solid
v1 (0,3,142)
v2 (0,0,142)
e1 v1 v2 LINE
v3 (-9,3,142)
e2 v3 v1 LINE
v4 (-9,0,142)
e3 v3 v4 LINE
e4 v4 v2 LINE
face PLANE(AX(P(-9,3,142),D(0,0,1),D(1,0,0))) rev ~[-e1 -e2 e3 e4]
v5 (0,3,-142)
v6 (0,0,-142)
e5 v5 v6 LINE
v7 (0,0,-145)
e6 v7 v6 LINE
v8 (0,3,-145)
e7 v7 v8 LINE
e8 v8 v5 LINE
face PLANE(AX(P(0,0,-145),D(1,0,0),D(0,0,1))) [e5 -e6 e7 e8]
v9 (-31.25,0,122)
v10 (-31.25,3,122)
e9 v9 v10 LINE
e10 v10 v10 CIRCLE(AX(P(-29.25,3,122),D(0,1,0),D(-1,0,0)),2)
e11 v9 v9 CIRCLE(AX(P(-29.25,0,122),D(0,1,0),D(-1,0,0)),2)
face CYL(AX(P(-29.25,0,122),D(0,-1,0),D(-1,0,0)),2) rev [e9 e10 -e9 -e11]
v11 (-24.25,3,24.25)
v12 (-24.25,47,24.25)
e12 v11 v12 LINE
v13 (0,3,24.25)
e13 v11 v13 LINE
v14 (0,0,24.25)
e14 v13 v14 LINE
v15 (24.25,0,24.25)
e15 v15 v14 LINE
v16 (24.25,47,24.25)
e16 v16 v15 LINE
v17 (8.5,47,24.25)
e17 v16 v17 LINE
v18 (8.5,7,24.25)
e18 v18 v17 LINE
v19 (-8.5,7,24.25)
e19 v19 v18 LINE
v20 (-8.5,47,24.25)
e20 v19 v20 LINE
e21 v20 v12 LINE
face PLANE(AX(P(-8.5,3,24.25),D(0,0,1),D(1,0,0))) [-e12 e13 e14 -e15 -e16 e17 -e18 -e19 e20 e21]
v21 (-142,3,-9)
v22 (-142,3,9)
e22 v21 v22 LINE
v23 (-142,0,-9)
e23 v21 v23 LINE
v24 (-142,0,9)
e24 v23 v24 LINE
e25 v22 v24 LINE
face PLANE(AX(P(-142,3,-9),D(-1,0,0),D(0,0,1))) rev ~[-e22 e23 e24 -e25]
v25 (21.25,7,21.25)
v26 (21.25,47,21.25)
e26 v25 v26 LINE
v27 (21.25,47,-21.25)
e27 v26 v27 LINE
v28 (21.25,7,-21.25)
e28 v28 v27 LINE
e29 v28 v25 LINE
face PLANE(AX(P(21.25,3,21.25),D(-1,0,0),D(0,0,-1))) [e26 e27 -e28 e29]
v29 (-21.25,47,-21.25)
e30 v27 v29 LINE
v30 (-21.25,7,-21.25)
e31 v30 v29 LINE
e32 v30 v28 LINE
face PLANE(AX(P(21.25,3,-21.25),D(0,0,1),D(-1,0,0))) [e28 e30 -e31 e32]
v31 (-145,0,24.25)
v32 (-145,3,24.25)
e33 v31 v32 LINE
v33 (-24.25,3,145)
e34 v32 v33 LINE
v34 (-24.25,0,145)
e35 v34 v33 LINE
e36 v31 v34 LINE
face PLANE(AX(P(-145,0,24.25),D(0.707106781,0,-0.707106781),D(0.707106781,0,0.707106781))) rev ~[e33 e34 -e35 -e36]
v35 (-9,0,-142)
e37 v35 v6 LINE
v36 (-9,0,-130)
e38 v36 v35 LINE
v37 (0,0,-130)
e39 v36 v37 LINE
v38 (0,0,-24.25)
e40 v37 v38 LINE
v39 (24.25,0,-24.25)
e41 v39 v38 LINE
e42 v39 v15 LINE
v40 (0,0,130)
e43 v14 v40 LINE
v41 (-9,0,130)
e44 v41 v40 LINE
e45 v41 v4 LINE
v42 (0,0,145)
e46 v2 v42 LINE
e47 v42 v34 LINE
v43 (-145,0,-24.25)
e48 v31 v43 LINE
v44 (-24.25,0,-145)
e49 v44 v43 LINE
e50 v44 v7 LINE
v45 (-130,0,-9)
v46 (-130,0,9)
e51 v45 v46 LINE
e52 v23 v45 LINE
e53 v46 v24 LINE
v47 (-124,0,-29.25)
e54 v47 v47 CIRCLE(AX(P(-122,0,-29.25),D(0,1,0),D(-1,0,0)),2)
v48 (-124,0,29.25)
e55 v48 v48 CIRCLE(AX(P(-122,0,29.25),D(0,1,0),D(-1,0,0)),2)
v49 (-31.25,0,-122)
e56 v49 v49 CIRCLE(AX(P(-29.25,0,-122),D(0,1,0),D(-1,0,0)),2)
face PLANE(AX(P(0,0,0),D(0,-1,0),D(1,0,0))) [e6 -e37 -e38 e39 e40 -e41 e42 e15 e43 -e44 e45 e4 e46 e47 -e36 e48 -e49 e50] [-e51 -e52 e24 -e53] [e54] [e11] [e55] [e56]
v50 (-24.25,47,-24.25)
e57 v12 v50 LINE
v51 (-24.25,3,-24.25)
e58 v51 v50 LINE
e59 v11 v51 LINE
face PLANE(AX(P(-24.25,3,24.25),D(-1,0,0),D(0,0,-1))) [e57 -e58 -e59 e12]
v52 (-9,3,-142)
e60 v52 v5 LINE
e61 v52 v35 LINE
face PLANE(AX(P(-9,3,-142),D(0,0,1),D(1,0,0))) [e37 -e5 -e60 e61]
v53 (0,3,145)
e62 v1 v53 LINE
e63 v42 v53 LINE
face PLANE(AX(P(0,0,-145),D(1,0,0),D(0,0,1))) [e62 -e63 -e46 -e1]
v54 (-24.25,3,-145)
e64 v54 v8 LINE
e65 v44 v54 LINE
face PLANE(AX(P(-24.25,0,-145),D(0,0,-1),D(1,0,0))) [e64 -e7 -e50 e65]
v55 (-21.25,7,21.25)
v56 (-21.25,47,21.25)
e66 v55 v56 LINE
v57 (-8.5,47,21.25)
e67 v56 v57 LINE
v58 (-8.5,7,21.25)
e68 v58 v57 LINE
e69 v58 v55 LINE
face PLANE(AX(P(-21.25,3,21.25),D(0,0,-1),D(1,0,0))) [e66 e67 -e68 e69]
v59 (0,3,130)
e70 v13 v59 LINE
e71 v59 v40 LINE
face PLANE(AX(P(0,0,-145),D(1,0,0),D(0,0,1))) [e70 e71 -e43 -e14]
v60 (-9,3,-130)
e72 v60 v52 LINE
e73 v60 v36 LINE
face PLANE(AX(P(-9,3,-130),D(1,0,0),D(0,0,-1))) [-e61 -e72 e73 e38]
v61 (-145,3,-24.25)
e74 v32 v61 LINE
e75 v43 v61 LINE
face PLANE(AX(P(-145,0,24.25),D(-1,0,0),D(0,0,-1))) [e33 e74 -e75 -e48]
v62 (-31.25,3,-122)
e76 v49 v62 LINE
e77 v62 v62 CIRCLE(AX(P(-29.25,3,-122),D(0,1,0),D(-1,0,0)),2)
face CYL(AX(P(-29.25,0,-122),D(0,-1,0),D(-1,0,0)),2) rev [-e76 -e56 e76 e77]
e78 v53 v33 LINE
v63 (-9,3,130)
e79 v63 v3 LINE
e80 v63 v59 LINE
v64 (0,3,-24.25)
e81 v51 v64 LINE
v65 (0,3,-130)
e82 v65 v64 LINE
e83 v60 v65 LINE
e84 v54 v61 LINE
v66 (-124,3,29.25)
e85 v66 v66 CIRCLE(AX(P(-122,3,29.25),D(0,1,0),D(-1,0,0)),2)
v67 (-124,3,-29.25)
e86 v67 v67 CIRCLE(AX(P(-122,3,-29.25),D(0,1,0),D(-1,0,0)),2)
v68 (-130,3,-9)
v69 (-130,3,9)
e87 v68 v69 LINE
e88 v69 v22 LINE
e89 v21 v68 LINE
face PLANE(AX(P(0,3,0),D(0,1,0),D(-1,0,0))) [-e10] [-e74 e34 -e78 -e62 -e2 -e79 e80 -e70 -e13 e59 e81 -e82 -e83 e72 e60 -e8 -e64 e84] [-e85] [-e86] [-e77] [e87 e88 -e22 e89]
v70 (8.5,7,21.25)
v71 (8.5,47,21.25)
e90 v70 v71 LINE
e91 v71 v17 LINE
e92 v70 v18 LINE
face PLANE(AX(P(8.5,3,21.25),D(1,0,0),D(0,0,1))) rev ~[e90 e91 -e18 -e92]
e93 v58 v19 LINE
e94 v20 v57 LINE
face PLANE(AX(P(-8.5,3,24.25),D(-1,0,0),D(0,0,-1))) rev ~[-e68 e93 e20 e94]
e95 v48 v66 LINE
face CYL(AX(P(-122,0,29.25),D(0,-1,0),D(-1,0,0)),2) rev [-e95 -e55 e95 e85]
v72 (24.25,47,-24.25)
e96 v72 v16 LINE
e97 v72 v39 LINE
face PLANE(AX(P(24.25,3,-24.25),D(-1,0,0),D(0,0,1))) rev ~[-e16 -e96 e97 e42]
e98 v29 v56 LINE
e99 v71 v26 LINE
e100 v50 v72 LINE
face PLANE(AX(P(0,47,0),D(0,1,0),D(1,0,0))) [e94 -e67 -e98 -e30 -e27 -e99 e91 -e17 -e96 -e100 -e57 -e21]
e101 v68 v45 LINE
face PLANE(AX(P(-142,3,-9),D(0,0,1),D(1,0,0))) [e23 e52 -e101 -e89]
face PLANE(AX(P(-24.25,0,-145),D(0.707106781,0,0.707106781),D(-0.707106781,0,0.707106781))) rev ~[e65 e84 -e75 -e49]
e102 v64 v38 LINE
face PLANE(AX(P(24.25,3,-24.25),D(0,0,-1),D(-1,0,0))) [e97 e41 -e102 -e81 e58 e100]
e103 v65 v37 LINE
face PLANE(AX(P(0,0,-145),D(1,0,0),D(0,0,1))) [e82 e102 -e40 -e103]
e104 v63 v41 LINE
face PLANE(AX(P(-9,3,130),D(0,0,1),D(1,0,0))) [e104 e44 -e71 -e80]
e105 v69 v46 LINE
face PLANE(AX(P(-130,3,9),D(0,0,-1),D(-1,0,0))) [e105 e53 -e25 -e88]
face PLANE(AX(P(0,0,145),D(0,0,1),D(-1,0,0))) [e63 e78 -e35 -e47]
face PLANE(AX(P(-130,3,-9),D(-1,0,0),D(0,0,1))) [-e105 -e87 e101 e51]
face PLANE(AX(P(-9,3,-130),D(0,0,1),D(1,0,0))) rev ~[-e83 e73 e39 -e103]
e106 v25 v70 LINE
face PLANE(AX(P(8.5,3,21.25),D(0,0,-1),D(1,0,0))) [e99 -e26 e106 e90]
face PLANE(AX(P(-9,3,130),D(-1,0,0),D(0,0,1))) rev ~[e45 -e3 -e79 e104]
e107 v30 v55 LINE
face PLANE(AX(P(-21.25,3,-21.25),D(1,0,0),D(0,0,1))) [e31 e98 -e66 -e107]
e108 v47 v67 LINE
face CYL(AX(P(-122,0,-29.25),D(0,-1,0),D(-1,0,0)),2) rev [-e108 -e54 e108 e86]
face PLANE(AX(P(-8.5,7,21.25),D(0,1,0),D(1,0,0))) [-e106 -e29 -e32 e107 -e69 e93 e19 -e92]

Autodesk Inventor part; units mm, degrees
ref_plane "YZ Plane" through (0, 0, 0) normal (1, 0, 0) x (0, 1, 0)
ref_plane "XZ Plane" through (0, 0, 0) normal (0, 1, 0) x (-1, 0, 0)
ref_plane "XY Plane" through (0, 0, 0) normal (0, 0, 1) x (1, 0, 0)
sketch "Boceto1" plane through (0, 0, 0) normal (0, 1, 0) x (-1, 0, 0)
  line L0 (0, 145) -> (24.25, 145)
  line L1 (145, 24.25) -> (145, -24.25)
  line L2 (145, 24.25) -> (24.25, 145)
  line L3 (24.25, -145) -> (145, -24.25)
  line L4 (24.25, -145) -> (0, -145)
  circle A0 centre (29.25, -122) radius 2
  circle A1 centre (122, -29.25) radius 2
  circle A2 centre (122, 29.25) radius 2
  circle A3 centre (29.25, 122) radius 2
  line L5 (0, -145) -> (0, 145)
  point P0 (0, 0)
  dimension "d13" = 4
  dimension "d16" = 4
  dimension "d18" = 4
  dimension "d20" = 4
extrude "Extrusión1" add sketch "Boceto1" along normal blind 3
sketch "Boceto2" plane through (0, 3, 0) normal (0, 1, 0) x (1, 0, 0)
  line L0 (21.25, -21.25) -> (21.25, 21.25)
  line L1 (21.25, 21.25) -> (-21.25, 21.25)
  line L2 (-21.25, 21.25) -> (-21.25, -21.25)
  line L3 (-24.25, 24.25) -> (24.25, 24.25)
  line L4 (24.25, 24.25) -> (24.25, -24.25)
  line L5 (-24.25, -24.25) -> (-24.25, 24.25)
  line L6 (8.5, -21.25) -> (8.5, -24.25)
  line L7 (-8.5, -24.25) -> (-8.5, -21.25)
  line L8 (-21.25, -21.25) -> (-8.5, -21.25)
  line L9 (8.5, -21.25) -> (21.25, -21.25)
  line L10 (24.25, -24.25) -> (8.5, -24.25)
  line L11 (-8.5, -24.25) -> (-24.25, -24.25)
  dimension "d29" = 42.5
  dimension "d30" = 42.5
  dimension "d31" = 48.5
  dimension "d32" = 48.5
extrude "Extrusión2" add sketch "Boceto2" along normal blind 44
sketch "Boceto3" plane through (0, 3, 0) normal (0, 1, 0) x (1, 0, 0)
  line L0 (-21.25, 21.25) -> (-21.25, -21.25) projected
  line L1 (21.25, 21.25) -> (21.25, -21.25) projected
  line L2 (-21.25, 21.25) -> (21.25, 21.25)
  line L3 (21.25, 21.25) -> (21.25, -21.25)
  line L4 (21.25, -21.25) -> (-21.25, -21.25)
  line L5 (-21.25, -21.25) -> (-21.25, 21.25)
extrude "Extrusión3" add sketch "Boceto3" along normal blind 4
sketch "Boceto5" plane through (0, 3, 0) normal (0, 1, 0) x (1, 0, 0)
  line L0 (-142, 9) -> (-130, 9)
  line L1 (-130, 9) -> (-130, -9)
  line L2 (-130, -9) -> (-142, -9)
  line L3 (-9, -130) -> (-9, -142)
  line L4 (-9, 130) -> (-9, 142)
  line L5 (-142, 9) -> (-142, -9)
  line L6 (-9, -130) -> (0, -130)
  line L7 (-9, -142) -> (0, -142)
  line L8 (0, -130) -> (0, -142)
  line L9 (0, -145) -> (0, 145) projected
  line L10 (-9, 142) -> (0, 142)
  line L11 (0, 130) -> (0, 142)
  line L12 (-9, 130) -> (0, 130)
  line L13 (-8.5, -21.25) -> (-8.5, -33.25)
  line L14 (-8.5, -33.25) -> (0, -33.25)
  line L15 (0, -21.25) -> (0, -33.25)
  dimension "d72" = 12
extrude "Extrusión5" cut sketch "Boceto5" against normal blind 3
sketch "Boceto8" plane through (0, 3, 0) normal (0, -1, 0) x (1, 0, 0)
  line L0 (24.25, -24.25) -> (-24.25, -24.25) projected
  line L1 (8.5, 24.25) -> (24.25, 24.25) projected
  line L2 (0, -24.25) -> (24.25, -24.25)
  line L3 (24.25, -24.25) -> (24.25, 24.25)
  line L4 (24.25, 24.25) -> (0, 24.25)
  line L5 (0, 24.25) -> (0, -24.25)
  point P0 (0, 0)
extrude "Extrusión8" add sketch "Boceto8" along normal blind 3
sketch "Boceto9" plane through (-8.5, 3, 21.25) normal (0, 0, 1) x (1, 0, 0)
  line L0 (0, 0) -> (0, 4) projected
  line L1 (17, 0) -> (0, 0) projected
  line L2 (0, 4) -> (17, 4)
  line L3 (17, 4) -> (17, 0)
  line L4 (17, 0) -> (0, 0)
  line L5 (0, 0) -> (0, 4)
  point P0 (8.5, -3)
extrude "Extrusión9" add sketch "Boceto9" along normal blind 3
properties part number "Base Definitiva" material "Plástico ABS"
